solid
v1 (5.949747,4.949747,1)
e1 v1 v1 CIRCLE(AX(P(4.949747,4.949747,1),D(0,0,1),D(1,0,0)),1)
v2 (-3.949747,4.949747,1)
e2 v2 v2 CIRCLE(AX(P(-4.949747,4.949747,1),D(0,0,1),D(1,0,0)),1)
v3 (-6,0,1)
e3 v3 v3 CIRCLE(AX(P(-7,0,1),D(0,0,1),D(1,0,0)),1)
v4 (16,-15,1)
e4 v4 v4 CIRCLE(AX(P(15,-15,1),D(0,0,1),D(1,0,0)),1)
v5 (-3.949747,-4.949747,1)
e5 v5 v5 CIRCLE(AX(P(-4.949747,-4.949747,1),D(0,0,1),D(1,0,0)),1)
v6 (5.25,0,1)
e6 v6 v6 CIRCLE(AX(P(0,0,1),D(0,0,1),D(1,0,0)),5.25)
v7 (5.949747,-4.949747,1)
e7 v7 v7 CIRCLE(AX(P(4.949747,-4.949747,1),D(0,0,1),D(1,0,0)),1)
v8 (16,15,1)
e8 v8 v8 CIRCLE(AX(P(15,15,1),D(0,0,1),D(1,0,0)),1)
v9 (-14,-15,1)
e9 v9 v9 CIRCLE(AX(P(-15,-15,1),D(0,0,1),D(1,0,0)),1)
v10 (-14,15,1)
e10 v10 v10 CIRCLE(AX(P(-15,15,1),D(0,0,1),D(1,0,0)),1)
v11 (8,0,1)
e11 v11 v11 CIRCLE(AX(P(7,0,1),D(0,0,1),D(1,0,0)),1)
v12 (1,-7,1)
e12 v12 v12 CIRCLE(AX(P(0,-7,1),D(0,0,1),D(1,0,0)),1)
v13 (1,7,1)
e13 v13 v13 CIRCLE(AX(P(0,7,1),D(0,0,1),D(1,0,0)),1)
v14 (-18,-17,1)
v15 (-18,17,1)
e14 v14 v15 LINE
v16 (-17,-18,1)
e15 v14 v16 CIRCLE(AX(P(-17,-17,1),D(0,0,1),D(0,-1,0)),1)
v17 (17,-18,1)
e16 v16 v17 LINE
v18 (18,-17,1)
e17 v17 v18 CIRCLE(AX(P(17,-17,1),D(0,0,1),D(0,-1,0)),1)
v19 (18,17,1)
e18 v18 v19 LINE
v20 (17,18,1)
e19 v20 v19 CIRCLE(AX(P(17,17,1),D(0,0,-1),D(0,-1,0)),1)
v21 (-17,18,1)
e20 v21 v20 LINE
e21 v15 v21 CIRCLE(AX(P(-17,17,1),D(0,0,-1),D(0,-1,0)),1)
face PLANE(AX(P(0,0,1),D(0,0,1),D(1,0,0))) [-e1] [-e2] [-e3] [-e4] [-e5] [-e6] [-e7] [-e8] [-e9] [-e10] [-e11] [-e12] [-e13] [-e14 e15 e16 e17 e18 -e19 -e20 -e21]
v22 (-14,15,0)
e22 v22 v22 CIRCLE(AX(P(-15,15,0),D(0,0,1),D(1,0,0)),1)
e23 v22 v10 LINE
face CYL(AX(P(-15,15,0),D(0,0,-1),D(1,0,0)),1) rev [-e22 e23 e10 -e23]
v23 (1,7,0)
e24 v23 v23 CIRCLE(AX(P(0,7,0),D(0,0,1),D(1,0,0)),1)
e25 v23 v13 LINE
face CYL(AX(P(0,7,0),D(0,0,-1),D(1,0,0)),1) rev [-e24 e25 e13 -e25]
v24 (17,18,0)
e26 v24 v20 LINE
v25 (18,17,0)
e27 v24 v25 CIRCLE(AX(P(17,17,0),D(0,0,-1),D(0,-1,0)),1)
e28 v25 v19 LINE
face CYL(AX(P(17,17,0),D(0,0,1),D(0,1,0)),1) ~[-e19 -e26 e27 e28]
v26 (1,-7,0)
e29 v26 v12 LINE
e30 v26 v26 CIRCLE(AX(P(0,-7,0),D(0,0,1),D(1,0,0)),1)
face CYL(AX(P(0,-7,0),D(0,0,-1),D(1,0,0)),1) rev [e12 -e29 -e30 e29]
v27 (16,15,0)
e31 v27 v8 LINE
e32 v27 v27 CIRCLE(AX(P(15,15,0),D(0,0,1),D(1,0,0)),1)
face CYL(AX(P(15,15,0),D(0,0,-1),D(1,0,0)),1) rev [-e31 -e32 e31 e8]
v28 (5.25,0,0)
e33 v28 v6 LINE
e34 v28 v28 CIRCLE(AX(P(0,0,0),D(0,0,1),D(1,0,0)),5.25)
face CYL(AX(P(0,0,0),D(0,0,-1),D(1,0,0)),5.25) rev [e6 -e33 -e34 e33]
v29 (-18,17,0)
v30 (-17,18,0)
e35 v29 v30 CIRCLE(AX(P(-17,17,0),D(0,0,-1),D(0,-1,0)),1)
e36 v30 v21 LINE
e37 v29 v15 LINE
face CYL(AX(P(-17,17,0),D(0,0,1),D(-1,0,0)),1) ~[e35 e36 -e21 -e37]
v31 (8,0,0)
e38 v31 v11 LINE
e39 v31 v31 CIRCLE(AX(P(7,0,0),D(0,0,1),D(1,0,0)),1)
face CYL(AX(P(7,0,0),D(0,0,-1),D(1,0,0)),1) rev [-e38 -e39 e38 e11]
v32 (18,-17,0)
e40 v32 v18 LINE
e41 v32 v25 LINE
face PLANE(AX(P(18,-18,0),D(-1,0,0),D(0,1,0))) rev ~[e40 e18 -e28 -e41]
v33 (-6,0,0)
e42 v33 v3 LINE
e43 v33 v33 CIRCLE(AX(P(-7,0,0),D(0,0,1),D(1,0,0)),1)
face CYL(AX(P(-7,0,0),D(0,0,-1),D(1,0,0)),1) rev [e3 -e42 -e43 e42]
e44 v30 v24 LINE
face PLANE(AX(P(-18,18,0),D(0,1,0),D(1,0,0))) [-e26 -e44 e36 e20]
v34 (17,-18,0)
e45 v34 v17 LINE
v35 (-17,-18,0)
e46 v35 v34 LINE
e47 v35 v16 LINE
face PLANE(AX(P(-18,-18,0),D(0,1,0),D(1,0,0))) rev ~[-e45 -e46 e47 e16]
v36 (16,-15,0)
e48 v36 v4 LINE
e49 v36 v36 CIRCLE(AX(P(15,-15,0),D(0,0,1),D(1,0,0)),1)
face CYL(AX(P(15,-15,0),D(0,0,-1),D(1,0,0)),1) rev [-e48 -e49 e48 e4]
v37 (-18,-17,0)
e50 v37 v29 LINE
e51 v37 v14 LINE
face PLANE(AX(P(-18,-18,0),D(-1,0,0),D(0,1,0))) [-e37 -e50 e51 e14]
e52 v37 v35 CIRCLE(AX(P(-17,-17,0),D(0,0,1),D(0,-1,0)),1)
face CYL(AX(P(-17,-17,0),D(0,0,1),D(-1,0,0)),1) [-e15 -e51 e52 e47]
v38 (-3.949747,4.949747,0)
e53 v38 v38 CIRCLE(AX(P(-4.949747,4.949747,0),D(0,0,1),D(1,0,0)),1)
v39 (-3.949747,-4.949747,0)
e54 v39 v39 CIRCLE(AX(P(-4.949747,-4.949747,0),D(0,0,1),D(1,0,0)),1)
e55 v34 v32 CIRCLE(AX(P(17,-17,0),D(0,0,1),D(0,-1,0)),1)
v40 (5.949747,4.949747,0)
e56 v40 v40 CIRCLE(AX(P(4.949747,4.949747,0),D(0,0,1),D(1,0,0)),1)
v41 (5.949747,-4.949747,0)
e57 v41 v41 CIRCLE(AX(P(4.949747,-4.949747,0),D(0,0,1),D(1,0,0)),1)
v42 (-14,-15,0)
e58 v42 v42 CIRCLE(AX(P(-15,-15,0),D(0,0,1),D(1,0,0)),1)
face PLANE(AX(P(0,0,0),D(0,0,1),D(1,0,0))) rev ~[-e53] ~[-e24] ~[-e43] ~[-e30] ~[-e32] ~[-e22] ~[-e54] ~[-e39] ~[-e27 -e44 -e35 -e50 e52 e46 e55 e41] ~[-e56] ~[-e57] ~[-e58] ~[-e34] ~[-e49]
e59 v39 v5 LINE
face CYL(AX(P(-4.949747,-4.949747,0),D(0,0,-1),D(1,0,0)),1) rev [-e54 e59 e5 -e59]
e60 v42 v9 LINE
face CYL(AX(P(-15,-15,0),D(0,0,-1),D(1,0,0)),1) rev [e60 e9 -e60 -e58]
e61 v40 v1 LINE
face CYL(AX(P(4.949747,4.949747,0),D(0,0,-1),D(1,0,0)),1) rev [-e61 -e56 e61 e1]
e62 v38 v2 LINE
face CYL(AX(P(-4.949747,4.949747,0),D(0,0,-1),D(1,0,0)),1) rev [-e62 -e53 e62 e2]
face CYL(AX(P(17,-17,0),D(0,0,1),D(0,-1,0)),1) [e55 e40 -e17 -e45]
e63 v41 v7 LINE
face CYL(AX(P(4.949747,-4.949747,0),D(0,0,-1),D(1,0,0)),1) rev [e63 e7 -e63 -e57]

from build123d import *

# Parameters (mm, degrees)
F0_W     = 36
F0_H     = 36
F0_R     = 1
F0_R_2   = 5.25
F1_DEPTH = 1
F2_R     = 1


with BuildPart() as f1:
    # F0 (on Top) → F1 (new body)
    with BuildSketch(Plane.XY):
        Rectangle(F0_W, F0_H)
        with Locations((-15, -15)):
            Circle(F0_R, mode=Mode.SUBTRACT)
        with Locations((-4.949747, -4.949747)):
            Circle(F0_R, mode=Mode.SUBTRACT)
        with Locations((15, -15)):
            Circle(F0_R, mode=Mode.SUBTRACT)
        with Locations((0, -7)):
            Circle(F0_R, mode=Mode.SUBTRACT)
        with Locations((4.949747, -4.949747)):
            Circle(F0_R, mode=Mode.SUBTRACT)
        with Locations((-7, 0)):
            Circle(F0_R, mode=Mode.SUBTRACT)
        with Locations((-4.949747, 4.949747)):
            Circle(F0_R, mode=Mode.SUBTRACT)
        with Locations((-15, 15)):
            Circle(F0_R, mode=Mode.SUBTRACT)
        Circle(F0_R_2, mode=Mode.SUBTRACT)
        with Locations((7, 0)):
            Circle(F0_R, mode=Mode.SUBTRACT)
        with Locations((0, 7)):
            Circle(F0_R, mode=Mode.SUBTRACT)
        with Locations((4.949747, 4.949747)):
            Circle(F0_R, mode=Mode.SUBTRACT)
        with Locations((15, 15)):
            Circle(F0_R, mode=Mode.SUBTRACT)
    extrude(amount=F1_DEPTH)

    # F2
    f2_edges = [f1.edges().sort_by_distance(p)[0] for p in [
        (-18, 18, 0.5),
        (18, 18, 0.5),
        (-18, -18, 0.5),
        (18, -18, 0.5),
    ]]
    fillet(f2_edges, radius=F2_R)


solid = f1.part
